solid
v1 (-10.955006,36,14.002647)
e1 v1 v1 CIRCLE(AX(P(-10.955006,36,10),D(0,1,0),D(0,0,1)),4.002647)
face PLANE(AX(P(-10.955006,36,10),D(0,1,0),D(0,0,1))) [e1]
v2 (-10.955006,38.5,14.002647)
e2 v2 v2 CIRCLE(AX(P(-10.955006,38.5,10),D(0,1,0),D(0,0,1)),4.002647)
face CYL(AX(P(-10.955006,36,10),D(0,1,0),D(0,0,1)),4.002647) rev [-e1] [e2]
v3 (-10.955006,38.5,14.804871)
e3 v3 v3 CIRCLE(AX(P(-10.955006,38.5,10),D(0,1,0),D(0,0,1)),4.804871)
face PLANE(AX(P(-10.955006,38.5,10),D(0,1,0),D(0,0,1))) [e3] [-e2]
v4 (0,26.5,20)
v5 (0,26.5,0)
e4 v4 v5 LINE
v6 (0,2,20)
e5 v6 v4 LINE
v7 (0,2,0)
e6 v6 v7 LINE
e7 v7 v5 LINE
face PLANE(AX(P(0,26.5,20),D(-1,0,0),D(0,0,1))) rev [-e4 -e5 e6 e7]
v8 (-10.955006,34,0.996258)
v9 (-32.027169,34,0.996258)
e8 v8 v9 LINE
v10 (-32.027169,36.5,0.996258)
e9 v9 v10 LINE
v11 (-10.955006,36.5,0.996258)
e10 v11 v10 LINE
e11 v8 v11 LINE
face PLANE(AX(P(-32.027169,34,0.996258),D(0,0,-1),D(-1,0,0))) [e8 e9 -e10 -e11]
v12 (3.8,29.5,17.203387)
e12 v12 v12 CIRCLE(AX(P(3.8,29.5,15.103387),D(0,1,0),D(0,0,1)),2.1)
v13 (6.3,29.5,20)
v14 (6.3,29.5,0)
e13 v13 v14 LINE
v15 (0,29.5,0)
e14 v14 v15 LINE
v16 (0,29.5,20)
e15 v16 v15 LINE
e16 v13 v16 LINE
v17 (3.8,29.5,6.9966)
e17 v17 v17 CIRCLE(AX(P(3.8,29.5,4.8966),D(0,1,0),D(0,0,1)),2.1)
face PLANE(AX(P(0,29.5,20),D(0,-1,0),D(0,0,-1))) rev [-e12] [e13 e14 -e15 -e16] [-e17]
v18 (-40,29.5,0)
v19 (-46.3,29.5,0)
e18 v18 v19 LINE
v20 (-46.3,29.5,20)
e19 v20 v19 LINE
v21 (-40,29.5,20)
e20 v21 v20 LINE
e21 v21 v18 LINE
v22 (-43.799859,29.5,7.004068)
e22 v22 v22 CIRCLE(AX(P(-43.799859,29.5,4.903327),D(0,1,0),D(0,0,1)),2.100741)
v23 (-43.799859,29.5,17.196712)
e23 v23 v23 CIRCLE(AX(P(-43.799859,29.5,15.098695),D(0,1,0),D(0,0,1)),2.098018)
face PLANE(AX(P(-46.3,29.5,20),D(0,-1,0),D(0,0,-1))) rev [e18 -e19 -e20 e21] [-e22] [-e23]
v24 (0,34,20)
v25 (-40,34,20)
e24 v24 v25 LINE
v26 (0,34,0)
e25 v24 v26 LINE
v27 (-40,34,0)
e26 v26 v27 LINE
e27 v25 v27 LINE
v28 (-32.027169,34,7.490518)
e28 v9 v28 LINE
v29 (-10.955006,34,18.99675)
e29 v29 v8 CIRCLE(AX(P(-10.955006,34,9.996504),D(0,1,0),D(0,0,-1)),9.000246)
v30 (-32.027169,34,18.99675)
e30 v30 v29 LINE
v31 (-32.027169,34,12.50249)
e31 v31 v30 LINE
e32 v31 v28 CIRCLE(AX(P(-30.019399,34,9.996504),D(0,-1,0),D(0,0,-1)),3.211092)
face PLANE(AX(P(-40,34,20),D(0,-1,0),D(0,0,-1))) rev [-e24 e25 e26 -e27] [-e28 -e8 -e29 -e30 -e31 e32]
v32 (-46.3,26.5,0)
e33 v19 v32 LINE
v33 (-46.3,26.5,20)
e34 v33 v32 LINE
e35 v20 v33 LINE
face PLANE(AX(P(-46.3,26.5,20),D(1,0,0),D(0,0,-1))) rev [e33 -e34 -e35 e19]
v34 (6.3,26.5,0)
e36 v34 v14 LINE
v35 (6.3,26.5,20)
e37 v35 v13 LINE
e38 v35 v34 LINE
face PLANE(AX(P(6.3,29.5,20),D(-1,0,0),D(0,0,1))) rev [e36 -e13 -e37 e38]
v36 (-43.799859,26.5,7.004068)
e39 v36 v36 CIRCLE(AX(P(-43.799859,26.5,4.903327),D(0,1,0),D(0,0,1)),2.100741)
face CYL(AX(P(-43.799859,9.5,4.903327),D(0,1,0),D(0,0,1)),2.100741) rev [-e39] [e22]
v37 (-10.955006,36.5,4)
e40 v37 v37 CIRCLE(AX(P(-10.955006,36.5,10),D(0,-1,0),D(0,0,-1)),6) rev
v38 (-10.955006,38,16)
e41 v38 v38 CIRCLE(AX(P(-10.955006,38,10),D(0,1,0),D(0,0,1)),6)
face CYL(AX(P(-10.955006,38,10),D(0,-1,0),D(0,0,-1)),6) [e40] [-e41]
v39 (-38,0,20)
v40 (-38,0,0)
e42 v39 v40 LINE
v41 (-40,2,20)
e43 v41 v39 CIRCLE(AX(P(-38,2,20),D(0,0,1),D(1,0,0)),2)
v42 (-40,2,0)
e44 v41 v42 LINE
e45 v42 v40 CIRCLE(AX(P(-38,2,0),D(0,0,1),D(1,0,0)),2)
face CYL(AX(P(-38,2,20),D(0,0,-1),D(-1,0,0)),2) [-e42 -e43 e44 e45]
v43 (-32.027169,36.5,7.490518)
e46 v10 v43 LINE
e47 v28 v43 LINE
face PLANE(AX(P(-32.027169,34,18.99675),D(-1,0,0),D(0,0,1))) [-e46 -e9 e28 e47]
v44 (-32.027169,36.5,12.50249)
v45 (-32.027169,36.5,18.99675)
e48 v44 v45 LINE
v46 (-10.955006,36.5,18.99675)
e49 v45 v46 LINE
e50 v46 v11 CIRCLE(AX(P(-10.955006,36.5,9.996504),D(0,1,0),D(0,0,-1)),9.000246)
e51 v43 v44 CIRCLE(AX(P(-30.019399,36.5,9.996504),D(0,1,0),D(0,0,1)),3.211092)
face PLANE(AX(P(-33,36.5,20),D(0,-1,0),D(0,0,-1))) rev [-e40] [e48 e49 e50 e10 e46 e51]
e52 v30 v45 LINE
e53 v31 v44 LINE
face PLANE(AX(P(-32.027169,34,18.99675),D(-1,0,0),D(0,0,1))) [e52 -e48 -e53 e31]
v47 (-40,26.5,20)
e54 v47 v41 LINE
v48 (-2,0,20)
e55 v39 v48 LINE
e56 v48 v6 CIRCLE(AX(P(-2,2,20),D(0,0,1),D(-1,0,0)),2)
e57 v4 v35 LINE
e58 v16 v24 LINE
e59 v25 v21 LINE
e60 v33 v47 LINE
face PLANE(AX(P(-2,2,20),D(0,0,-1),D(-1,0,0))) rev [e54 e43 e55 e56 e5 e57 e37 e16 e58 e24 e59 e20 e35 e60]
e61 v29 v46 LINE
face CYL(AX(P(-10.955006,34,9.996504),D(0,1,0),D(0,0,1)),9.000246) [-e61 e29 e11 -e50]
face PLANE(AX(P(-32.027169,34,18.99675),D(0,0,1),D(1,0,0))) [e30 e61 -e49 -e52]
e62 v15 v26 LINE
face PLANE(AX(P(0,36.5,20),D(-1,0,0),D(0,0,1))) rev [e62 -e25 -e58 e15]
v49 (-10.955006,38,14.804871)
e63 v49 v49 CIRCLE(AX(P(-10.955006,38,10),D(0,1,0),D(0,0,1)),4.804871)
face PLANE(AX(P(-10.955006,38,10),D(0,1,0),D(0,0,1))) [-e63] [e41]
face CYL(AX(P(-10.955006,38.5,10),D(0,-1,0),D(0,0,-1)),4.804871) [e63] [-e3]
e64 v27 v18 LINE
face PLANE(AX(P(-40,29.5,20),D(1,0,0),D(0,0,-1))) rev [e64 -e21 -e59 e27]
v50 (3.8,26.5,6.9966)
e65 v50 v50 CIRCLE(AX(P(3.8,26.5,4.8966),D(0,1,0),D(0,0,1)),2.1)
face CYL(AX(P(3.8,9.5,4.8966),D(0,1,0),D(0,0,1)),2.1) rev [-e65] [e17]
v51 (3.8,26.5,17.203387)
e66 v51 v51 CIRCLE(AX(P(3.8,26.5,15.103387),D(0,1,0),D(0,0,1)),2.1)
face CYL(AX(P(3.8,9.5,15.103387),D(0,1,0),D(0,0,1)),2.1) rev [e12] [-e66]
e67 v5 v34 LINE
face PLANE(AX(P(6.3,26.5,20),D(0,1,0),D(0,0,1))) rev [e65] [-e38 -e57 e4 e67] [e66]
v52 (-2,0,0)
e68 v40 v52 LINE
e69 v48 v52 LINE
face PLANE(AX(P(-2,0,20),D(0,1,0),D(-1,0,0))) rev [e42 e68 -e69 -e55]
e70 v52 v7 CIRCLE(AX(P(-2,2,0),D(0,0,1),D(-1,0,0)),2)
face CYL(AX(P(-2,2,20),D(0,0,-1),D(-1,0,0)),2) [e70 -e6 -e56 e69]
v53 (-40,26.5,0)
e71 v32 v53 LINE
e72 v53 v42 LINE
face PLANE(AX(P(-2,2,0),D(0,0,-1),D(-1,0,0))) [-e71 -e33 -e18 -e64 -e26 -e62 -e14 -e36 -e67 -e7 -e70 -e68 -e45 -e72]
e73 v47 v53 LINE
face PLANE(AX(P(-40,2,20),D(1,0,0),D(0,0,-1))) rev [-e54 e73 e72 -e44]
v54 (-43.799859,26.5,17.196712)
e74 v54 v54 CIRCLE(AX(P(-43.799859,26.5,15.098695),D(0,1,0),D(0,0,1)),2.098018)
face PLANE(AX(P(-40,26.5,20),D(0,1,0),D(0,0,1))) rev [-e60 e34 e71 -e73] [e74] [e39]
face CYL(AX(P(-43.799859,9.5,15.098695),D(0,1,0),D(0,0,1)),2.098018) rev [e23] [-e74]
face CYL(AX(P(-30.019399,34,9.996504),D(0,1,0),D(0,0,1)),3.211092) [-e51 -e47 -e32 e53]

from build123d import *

# Parameters (mm, degrees)
BOSS_EXTRUDE1_DEPTH = 20
SKETCH2_R           = 2.1
CUT_EXTRUDE1_DEPTH  = 20
SKETCH3_R           = 2.098017688
SKETCH3_R_2         = 2.10074066
CUT_EXTRUDE2_DEPTH  = 20
SKETCH7_R           = 6
BOSS_EXTRUDE2_DEPTH = 1.5
SKETCH8_R           = 4.804871241
BOSS_EXTRUDE3_DEPTH = 0.5
SKETCH9_R           = 4.002646766
CUT_EXTRUDE5_DEPTH  = 2.5
SKETCH10_OUTSIDE_W  = 68.236
SKETCH10_OUTSIDE_H  = 35.636
CUT_EXTRUDE6_DEPTH  = 2.5
BOSS_EXTRUDE4_DEPTH = 2.5


with BuildPart() as part:
    # Sketch1 → Boss-Extrude1 (new body)
    with BuildSketch(Plane.XY):
        with BuildLine():
            Line((-2, 0), (-38, 0))
            ThreePointArc((-38, 0), (-39.414213562, 0.585786438), (-40, 2))
            Line((-40, 2), (-40, 26.5))
            Line((-40, 26.5), (-46.3, 26.5))
            Line((-46.3, 26.5), (-46.3, 29.5))
            Line((-46.3, 29.5), (-40, 29.5))
            Line((-40, 29.5), (-40, 34))
            Line((-40, 34), (-33, 34))
            Line((-33, 34), (-33, 36.5))
            Line((-33, 36.5), (0, 36.5))
            Line((0, 36.5), (0, 29.5))
            Line((0, 29.5), (6.3, 29.5))
            Line((6.3, 29.5), (6.3, 26.5))
            Line((6.3, 26.5), (0, 26.5))
            Line((0, 26.5), (0, 2))
            ThreePointArc((0, 2), (-0.585786438, 0.585786438), (-2, 0))
        make_face()
    extrude(amount=BOSS_EXTRUDE1_DEPTH)

    # Sketch2 → Cut-Extrude1 (cut)
    with BuildSketch(Plane(origin=(0, 29.5, 0), x_dir=(1, 0, 0), z_dir=(0, 1, 0))):
        with Locations(Location((3.8, -15.10338686, 0), (0, 0, 270))):
            Circle(SKETCH2_R)
        with Locations(Location((3.8, -4.896599974, 0), (0, 0, 270))):
            Circle(SKETCH2_R)
    extrude(amount=-CUT_EXTRUDE1_DEPTH, mode=Mode.SUBTRACT)

    # Sketch3 → Cut-Extrude2 (cut)
    with BuildSketch(Plane(origin=(0, 29.5, 0), x_dir=(1, 0, 0), z_dir=(0, 1, 0))):
        with Locations(Location((-43.799859357, -15.098694551, 0), (0, 0, 270))):
            Circle(SKETCH3_R)
        with Locations(Location((-43.799859357, -4.903327435, 0), (0, 0, 270))):
            Circle(SKETCH3_R_2)
    extrude(amount=-CUT_EXTRUDE2_DEPTH, mode=Mode.SUBTRACT)

    # Sketch7 → Boss-Extrude2 (add)
    with BuildSketch(Plane(origin=(0, 36.5, 0), x_dir=(1, 0, 0), z_dir=(0, 1, 0))):
        with Locations(Location((-10.95500567, -10, 0), (0, 0, 90))):
            Circle(SKETCH7_R)
    extrude(amount=BOSS_EXTRUDE2_DEPTH)

    # Sketch8 → Boss-Extrude3 (add)
    with BuildSketch(Plane(origin=(0, 38, 0), x_dir=(1, 0, 0), z_dir=(0, 1, 0))):
        with Locations(Location((-10.95500567, -10, 0), (0, 0, 270))):
            Circle(SKETCH8_R)
    extrude(amount=BOSS_EXTRUDE3_DEPTH)

    # Sketch9 → Cut-Extrude5 (cut)
    with BuildSketch(Plane(origin=(0, 38.5, 0), x_dir=(1, 0, 0), z_dir=(0, 1, 0))):
        with Locations(Location((-10.95500567, -10, 0), (0, 0, 270))):
            Circle(SKETCH9_R)
    extrude(amount=-CUT_EXTRUDE5_DEPTH, mode=Mode.SUBTRACT)

    # Sketch10 outside → Cut-Extrude6 (cut)
    with BuildSketch(Plane(origin=(0, 36.5, 0), x_dir=(1, 0, 0), z_dir=(0, 1, 0))):
        with Locations((-20, -10)):
            Rectangle(SKETCH10_OUTSIDE_W, SKETCH10_OUTSIDE_H)
        with BuildLine():
            Line((-32.027169465, -18.996750159), (-10.95500567, -18.996750159))
            ThreePointArc((-10.95500567, -18.996750159), (-1.954759683, -9.996504172), (-10.95500567, -0.996258185))
            Line((-10.95500567, -0.996258185), (-32.027169465, -0.996258185))
            Line((-32.027169465, -0.996258185), (-32.027169465, -18.996750159))
        make_face(mode=Mode.SUBTRACT)
    extrude(amount=-CUT_EXTRUDE6_DEPTH, mode=Mode.SUBTRACT)

    # Sketch11 → Boss-Extrude4 (add)
    with BuildSketch(Plane(origin=(0, 36.5, 0), x_dir=(1, 0, 0), z_dir=(0, 1, 0))):
        with BuildLine():
            Line((-32.027169465, -12.502490339), (-32.027169465, -7.490518005))
            ThreePointArc((-32.027169465, -7.490518005), (-32.914070297, -8.60654479), (-33.230490565, -9.996504172))
            ThreePointArc((-33.230490565, -9.996504172), (-32.914070297, -11.386463554), (-32.027169465, -12.502490339))
        make_face()
    extrude(amount=-BOSS_EXTRUDE4_DEPTH)


solid = part.part
